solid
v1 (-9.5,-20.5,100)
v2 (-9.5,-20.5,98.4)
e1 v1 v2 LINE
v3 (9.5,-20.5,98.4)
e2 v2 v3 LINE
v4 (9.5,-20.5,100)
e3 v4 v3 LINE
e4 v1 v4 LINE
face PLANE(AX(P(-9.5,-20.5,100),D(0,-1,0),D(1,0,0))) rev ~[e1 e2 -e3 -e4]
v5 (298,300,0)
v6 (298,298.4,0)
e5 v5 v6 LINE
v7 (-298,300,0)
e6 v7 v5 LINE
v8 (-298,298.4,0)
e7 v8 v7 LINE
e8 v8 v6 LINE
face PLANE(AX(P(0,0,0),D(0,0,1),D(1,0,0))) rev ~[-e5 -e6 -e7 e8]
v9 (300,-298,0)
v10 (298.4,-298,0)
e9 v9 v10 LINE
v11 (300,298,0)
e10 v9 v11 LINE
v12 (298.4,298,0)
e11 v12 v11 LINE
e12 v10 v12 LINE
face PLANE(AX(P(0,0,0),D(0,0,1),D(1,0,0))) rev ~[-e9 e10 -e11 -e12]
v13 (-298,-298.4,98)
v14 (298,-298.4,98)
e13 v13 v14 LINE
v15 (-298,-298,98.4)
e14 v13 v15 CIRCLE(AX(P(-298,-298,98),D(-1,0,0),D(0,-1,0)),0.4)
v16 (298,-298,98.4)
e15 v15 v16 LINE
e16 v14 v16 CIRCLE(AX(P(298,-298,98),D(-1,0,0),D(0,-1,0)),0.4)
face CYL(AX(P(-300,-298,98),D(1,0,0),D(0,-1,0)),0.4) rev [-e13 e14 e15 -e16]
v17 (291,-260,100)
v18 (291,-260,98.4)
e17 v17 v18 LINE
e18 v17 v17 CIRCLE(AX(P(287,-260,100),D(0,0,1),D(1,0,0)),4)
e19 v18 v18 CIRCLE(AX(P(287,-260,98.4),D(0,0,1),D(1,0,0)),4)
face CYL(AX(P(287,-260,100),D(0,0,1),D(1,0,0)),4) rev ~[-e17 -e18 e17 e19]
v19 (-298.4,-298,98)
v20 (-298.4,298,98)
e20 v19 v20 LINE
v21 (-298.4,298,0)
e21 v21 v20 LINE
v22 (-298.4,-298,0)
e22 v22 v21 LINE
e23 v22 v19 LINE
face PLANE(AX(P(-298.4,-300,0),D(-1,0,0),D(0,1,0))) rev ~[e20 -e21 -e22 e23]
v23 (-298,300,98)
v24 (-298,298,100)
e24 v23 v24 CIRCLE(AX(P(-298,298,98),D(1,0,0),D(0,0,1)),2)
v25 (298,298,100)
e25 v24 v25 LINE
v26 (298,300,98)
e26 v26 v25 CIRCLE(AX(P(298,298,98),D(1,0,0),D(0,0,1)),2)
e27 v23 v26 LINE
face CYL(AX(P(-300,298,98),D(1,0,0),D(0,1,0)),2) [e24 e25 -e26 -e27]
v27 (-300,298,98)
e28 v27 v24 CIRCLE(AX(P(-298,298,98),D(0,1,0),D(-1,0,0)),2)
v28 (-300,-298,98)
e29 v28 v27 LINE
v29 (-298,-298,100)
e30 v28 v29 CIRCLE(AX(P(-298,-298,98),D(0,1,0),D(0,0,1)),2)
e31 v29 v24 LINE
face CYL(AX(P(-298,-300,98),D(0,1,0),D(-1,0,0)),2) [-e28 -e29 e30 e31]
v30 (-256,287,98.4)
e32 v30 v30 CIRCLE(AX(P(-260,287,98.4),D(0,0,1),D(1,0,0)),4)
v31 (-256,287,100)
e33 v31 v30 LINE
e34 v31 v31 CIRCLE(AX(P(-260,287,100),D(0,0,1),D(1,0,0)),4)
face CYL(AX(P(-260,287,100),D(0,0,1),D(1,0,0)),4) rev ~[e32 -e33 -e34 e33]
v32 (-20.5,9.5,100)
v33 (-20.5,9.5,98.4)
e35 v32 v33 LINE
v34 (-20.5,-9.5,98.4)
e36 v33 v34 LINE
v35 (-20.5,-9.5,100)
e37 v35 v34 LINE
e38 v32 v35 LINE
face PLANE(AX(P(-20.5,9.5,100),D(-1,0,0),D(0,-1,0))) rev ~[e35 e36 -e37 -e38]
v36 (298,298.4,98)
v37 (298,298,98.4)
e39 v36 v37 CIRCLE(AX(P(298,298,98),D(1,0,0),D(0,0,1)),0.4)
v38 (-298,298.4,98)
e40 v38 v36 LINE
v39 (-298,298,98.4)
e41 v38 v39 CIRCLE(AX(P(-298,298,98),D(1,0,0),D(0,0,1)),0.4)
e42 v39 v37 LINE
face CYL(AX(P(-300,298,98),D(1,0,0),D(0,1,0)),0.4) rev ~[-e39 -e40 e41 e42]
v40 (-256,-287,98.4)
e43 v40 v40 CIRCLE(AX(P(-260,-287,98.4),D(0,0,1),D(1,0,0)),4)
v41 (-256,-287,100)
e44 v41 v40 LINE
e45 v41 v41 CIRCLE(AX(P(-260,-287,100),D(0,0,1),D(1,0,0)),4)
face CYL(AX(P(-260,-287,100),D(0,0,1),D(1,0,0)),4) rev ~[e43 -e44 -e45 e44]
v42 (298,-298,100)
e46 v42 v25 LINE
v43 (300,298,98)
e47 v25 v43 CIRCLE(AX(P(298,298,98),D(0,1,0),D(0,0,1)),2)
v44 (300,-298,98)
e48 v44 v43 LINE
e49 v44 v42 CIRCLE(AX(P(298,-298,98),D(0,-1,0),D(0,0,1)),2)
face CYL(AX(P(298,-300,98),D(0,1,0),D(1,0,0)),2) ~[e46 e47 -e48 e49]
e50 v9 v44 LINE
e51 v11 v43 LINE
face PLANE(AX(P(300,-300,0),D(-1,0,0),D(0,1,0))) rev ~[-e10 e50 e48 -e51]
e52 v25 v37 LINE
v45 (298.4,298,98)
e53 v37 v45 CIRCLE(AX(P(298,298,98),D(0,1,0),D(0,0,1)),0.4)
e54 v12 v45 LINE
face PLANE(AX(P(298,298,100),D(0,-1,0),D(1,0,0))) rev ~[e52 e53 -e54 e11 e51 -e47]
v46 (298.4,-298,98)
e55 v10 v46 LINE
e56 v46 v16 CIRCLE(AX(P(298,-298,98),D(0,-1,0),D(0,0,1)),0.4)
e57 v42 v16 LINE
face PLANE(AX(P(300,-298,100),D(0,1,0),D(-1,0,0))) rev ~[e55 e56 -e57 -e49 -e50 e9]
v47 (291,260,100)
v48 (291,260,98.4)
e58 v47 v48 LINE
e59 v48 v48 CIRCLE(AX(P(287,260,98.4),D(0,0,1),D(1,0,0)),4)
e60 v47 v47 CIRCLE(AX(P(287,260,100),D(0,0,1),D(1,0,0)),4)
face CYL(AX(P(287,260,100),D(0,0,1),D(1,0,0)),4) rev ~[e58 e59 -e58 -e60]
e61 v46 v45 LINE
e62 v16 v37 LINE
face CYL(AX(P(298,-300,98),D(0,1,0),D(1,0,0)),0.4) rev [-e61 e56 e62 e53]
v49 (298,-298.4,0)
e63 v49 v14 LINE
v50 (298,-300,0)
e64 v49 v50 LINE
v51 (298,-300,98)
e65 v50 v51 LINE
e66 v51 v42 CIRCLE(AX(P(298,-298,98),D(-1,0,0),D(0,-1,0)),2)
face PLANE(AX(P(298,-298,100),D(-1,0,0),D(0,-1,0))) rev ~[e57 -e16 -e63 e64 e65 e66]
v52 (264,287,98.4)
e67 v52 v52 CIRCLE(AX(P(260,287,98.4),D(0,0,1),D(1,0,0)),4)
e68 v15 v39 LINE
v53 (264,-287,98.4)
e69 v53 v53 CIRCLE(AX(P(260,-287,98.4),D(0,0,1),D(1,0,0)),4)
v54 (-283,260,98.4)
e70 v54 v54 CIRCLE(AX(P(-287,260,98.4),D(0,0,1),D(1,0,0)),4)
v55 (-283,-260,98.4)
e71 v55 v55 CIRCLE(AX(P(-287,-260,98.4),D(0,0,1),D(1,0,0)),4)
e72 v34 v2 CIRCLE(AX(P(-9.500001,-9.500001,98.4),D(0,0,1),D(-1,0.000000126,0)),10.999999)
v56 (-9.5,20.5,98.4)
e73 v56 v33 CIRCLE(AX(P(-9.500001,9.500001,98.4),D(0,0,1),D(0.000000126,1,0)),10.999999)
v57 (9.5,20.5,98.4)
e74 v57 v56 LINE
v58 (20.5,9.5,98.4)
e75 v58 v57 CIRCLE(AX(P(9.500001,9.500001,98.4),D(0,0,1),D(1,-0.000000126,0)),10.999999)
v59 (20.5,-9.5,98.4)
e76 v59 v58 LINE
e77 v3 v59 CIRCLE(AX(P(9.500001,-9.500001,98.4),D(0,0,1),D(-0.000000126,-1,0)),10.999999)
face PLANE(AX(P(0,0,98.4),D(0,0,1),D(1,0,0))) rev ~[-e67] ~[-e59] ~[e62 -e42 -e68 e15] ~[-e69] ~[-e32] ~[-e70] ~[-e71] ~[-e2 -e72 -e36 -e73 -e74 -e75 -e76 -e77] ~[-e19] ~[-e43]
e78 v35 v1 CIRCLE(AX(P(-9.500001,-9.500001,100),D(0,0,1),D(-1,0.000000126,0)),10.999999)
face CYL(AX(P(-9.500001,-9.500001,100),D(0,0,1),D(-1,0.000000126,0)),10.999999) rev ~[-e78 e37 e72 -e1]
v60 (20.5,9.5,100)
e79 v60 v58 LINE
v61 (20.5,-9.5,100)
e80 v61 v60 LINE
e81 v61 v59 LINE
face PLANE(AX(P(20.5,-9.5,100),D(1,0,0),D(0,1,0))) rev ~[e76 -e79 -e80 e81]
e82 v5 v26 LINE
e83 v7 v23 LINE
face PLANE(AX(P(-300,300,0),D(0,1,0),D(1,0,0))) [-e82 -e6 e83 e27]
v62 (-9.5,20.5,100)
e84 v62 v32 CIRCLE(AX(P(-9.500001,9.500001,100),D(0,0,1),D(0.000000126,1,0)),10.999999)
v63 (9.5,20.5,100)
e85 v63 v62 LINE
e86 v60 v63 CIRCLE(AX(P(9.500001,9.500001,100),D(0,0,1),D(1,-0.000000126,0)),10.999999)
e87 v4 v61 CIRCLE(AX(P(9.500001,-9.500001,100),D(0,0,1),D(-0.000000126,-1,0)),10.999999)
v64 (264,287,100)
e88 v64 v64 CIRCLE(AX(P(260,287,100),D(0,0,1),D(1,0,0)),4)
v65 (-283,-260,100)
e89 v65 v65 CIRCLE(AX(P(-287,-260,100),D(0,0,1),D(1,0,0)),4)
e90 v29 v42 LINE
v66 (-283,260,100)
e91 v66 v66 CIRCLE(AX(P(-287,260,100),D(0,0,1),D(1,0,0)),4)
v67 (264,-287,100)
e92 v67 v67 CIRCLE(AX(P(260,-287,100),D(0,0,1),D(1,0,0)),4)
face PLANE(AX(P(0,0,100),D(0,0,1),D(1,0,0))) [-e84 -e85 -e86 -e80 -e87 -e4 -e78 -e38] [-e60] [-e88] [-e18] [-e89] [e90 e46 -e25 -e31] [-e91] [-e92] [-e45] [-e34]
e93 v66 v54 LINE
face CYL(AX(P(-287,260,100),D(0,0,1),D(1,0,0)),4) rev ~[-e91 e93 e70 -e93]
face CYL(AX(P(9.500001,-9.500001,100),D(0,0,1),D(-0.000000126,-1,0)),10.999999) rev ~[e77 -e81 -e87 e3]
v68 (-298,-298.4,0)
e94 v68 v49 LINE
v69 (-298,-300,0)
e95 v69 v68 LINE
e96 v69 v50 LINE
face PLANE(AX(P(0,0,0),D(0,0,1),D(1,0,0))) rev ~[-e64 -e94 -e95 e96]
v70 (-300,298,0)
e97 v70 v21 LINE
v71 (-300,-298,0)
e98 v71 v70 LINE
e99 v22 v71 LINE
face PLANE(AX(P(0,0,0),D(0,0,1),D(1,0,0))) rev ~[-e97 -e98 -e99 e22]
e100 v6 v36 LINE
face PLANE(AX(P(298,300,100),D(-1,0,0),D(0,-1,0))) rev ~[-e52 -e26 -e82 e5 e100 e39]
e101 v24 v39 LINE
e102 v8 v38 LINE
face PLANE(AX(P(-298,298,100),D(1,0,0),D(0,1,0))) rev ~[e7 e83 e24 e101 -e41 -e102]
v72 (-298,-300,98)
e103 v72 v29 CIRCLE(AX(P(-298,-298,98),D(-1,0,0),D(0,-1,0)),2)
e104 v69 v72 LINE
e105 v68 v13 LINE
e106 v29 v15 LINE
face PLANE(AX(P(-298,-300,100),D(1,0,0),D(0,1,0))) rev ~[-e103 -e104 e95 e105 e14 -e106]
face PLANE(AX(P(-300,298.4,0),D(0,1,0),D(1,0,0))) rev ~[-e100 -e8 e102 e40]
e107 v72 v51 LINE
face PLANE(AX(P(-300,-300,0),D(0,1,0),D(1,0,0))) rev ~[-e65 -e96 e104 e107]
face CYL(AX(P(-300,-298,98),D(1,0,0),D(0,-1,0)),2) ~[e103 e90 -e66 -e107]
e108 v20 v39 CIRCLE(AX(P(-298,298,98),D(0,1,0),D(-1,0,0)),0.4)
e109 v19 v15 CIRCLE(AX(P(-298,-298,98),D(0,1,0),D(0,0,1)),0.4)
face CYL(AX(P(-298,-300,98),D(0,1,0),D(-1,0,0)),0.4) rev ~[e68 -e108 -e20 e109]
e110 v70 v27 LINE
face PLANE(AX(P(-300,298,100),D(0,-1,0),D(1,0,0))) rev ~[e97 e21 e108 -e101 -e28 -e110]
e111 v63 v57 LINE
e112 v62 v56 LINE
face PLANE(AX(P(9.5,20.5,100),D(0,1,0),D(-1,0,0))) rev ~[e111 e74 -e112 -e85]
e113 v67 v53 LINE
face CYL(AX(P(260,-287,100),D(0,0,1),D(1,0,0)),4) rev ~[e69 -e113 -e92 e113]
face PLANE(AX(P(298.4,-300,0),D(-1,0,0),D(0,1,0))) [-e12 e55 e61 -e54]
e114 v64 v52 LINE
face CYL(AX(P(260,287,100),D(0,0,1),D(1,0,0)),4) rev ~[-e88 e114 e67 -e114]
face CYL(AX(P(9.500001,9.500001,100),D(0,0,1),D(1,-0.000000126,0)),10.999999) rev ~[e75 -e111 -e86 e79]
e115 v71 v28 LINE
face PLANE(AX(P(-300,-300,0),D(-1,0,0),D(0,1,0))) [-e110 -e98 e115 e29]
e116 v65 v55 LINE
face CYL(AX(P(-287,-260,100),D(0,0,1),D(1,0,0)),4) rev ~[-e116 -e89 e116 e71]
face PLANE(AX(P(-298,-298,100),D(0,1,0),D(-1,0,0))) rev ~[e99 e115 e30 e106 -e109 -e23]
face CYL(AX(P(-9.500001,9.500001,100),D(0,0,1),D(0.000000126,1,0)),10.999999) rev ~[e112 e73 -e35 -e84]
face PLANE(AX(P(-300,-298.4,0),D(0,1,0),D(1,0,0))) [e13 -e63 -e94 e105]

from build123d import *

# Parameters (mm, degrees)
F0_W      = 600
F0_H      = 600
F1_DEPTH  = 100
F3_R      = 2
F4_T      = -1.6
F6_DEPTH  = 100.001
F8_DEPTH  = 100.001
F9_R      = 4
F10_DEPTH = 100.001


with BuildPart() as f1:
    # F0 (on Top) → F1 (new body)
    with BuildSketch(Plane.XY):
        Rectangle(F0_W, F0_H)
    extrude(amount=F1_DEPTH)

    # F3
    f3_edges = [f1.edges().sort_by_distance(p)[0] for p in [
        (0, -300, 100),
        (-300, -300, 50),
        (-300, 0, 100),
        (300, -300, 50),
        (-300, 300, 50),
        (300, 0, 100),
        (0, 300, 100),
        (300, 300, 50),
    ]]
    fillet(f3_edges, radius=F3_R)

    # F4
    f4_openings = [f1.faces().sort_by_distance(p)[0] for p in [
        (0, 0, 0),
    ]]
    offset(amount=F4_T, openings=f4_openings)

    # F5 (on face) → F6 (cut, through all)
    with BuildSketch(Plane.XY.offset(100)):
        with BuildLine():
            Line((298, 300), (298, 298))
            Line((298, 298), (300, 298))
            ThreePointArc((300, 298), (299.414214, 299.414214), (298, 300))
        make_face()
        with BuildLine():
            Line((298, -298), (298, -300))
            ThreePointArc((298, -300), (299.414214, -299.414214), (300, -298))
            Line((300, -298), (298, -298))
        make_face()
        with BuildLine():
            Line((-300, 298), (-298, 298))
            Line((-298, 298), (-298, 300))
            ThreePointArc((-298, 300), (-299.414214, 299.414214), (-300, 298))
        make_face()
        with BuildLine():
            ThreePointArc((-300, -298), (-299.414214, -299.414214), (-298, -300))
            Line((-298, -300), (-298, -298))
            Line((-298, -298), (-300, -298))
        make_face()
    extrude(amount=-F6_DEPTH, mode=Mode.SUBTRACT)

    # F7 (on face) → F8 (cut, through all)
    with BuildSketch(Plane.XY.offset(100)):
        with BuildLine():
            ThreePointArc((-20.5, -9.5), (-17.278175, -17.278175), (-9.5, -20.5))
            Line((-9.5, -20.5), (9.5, -20.5))
            ThreePointArc((9.5, -20.5), (17.278175, -17.278175), (20.5, -9.5))
            Line((20.5, -9.5), (20.5, 9.5))
            ThreePointArc((20.5, 9.5), (17.278175, 17.278175), (9.5, 20.5))
            Line((9.5, 20.5), (-9.5, 20.5))
            ThreePointArc((-9.5, 20.5), (-17.278175, 17.278175), (-20.5, 9.5))
            Line((-20.5, 9.5), (-20.5, -9.5))
        make_face()
    extrude(amount=-F8_DEPTH, mode=Mode.SUBTRACT)

    # F9 (on face) → F10 (cut, through all)
    with BuildSketch(Plane.XY.offset(100)):
        with Locations((260, 287)):
            Circle(F9_R)
        with Locations((-260, 287)):
            Circle(F9_R)
        with Locations((-287, -260)):
            Circle(F9_R)
        with Locations((-287, 260)):
            Circle(F9_R)
        with Locations((260, -287)):
            Circle(F9_R)
        with Locations((-260, -287)):
            Circle(F9_R)
        with Locations((287, 260)):
            Circle(F9_R)
        with Locations((287, -260)):
            Circle(F9_R)
    extrude(amount=-F10_DEPTH, mode=Mode.SUBTRACT)


solid = f1.part
